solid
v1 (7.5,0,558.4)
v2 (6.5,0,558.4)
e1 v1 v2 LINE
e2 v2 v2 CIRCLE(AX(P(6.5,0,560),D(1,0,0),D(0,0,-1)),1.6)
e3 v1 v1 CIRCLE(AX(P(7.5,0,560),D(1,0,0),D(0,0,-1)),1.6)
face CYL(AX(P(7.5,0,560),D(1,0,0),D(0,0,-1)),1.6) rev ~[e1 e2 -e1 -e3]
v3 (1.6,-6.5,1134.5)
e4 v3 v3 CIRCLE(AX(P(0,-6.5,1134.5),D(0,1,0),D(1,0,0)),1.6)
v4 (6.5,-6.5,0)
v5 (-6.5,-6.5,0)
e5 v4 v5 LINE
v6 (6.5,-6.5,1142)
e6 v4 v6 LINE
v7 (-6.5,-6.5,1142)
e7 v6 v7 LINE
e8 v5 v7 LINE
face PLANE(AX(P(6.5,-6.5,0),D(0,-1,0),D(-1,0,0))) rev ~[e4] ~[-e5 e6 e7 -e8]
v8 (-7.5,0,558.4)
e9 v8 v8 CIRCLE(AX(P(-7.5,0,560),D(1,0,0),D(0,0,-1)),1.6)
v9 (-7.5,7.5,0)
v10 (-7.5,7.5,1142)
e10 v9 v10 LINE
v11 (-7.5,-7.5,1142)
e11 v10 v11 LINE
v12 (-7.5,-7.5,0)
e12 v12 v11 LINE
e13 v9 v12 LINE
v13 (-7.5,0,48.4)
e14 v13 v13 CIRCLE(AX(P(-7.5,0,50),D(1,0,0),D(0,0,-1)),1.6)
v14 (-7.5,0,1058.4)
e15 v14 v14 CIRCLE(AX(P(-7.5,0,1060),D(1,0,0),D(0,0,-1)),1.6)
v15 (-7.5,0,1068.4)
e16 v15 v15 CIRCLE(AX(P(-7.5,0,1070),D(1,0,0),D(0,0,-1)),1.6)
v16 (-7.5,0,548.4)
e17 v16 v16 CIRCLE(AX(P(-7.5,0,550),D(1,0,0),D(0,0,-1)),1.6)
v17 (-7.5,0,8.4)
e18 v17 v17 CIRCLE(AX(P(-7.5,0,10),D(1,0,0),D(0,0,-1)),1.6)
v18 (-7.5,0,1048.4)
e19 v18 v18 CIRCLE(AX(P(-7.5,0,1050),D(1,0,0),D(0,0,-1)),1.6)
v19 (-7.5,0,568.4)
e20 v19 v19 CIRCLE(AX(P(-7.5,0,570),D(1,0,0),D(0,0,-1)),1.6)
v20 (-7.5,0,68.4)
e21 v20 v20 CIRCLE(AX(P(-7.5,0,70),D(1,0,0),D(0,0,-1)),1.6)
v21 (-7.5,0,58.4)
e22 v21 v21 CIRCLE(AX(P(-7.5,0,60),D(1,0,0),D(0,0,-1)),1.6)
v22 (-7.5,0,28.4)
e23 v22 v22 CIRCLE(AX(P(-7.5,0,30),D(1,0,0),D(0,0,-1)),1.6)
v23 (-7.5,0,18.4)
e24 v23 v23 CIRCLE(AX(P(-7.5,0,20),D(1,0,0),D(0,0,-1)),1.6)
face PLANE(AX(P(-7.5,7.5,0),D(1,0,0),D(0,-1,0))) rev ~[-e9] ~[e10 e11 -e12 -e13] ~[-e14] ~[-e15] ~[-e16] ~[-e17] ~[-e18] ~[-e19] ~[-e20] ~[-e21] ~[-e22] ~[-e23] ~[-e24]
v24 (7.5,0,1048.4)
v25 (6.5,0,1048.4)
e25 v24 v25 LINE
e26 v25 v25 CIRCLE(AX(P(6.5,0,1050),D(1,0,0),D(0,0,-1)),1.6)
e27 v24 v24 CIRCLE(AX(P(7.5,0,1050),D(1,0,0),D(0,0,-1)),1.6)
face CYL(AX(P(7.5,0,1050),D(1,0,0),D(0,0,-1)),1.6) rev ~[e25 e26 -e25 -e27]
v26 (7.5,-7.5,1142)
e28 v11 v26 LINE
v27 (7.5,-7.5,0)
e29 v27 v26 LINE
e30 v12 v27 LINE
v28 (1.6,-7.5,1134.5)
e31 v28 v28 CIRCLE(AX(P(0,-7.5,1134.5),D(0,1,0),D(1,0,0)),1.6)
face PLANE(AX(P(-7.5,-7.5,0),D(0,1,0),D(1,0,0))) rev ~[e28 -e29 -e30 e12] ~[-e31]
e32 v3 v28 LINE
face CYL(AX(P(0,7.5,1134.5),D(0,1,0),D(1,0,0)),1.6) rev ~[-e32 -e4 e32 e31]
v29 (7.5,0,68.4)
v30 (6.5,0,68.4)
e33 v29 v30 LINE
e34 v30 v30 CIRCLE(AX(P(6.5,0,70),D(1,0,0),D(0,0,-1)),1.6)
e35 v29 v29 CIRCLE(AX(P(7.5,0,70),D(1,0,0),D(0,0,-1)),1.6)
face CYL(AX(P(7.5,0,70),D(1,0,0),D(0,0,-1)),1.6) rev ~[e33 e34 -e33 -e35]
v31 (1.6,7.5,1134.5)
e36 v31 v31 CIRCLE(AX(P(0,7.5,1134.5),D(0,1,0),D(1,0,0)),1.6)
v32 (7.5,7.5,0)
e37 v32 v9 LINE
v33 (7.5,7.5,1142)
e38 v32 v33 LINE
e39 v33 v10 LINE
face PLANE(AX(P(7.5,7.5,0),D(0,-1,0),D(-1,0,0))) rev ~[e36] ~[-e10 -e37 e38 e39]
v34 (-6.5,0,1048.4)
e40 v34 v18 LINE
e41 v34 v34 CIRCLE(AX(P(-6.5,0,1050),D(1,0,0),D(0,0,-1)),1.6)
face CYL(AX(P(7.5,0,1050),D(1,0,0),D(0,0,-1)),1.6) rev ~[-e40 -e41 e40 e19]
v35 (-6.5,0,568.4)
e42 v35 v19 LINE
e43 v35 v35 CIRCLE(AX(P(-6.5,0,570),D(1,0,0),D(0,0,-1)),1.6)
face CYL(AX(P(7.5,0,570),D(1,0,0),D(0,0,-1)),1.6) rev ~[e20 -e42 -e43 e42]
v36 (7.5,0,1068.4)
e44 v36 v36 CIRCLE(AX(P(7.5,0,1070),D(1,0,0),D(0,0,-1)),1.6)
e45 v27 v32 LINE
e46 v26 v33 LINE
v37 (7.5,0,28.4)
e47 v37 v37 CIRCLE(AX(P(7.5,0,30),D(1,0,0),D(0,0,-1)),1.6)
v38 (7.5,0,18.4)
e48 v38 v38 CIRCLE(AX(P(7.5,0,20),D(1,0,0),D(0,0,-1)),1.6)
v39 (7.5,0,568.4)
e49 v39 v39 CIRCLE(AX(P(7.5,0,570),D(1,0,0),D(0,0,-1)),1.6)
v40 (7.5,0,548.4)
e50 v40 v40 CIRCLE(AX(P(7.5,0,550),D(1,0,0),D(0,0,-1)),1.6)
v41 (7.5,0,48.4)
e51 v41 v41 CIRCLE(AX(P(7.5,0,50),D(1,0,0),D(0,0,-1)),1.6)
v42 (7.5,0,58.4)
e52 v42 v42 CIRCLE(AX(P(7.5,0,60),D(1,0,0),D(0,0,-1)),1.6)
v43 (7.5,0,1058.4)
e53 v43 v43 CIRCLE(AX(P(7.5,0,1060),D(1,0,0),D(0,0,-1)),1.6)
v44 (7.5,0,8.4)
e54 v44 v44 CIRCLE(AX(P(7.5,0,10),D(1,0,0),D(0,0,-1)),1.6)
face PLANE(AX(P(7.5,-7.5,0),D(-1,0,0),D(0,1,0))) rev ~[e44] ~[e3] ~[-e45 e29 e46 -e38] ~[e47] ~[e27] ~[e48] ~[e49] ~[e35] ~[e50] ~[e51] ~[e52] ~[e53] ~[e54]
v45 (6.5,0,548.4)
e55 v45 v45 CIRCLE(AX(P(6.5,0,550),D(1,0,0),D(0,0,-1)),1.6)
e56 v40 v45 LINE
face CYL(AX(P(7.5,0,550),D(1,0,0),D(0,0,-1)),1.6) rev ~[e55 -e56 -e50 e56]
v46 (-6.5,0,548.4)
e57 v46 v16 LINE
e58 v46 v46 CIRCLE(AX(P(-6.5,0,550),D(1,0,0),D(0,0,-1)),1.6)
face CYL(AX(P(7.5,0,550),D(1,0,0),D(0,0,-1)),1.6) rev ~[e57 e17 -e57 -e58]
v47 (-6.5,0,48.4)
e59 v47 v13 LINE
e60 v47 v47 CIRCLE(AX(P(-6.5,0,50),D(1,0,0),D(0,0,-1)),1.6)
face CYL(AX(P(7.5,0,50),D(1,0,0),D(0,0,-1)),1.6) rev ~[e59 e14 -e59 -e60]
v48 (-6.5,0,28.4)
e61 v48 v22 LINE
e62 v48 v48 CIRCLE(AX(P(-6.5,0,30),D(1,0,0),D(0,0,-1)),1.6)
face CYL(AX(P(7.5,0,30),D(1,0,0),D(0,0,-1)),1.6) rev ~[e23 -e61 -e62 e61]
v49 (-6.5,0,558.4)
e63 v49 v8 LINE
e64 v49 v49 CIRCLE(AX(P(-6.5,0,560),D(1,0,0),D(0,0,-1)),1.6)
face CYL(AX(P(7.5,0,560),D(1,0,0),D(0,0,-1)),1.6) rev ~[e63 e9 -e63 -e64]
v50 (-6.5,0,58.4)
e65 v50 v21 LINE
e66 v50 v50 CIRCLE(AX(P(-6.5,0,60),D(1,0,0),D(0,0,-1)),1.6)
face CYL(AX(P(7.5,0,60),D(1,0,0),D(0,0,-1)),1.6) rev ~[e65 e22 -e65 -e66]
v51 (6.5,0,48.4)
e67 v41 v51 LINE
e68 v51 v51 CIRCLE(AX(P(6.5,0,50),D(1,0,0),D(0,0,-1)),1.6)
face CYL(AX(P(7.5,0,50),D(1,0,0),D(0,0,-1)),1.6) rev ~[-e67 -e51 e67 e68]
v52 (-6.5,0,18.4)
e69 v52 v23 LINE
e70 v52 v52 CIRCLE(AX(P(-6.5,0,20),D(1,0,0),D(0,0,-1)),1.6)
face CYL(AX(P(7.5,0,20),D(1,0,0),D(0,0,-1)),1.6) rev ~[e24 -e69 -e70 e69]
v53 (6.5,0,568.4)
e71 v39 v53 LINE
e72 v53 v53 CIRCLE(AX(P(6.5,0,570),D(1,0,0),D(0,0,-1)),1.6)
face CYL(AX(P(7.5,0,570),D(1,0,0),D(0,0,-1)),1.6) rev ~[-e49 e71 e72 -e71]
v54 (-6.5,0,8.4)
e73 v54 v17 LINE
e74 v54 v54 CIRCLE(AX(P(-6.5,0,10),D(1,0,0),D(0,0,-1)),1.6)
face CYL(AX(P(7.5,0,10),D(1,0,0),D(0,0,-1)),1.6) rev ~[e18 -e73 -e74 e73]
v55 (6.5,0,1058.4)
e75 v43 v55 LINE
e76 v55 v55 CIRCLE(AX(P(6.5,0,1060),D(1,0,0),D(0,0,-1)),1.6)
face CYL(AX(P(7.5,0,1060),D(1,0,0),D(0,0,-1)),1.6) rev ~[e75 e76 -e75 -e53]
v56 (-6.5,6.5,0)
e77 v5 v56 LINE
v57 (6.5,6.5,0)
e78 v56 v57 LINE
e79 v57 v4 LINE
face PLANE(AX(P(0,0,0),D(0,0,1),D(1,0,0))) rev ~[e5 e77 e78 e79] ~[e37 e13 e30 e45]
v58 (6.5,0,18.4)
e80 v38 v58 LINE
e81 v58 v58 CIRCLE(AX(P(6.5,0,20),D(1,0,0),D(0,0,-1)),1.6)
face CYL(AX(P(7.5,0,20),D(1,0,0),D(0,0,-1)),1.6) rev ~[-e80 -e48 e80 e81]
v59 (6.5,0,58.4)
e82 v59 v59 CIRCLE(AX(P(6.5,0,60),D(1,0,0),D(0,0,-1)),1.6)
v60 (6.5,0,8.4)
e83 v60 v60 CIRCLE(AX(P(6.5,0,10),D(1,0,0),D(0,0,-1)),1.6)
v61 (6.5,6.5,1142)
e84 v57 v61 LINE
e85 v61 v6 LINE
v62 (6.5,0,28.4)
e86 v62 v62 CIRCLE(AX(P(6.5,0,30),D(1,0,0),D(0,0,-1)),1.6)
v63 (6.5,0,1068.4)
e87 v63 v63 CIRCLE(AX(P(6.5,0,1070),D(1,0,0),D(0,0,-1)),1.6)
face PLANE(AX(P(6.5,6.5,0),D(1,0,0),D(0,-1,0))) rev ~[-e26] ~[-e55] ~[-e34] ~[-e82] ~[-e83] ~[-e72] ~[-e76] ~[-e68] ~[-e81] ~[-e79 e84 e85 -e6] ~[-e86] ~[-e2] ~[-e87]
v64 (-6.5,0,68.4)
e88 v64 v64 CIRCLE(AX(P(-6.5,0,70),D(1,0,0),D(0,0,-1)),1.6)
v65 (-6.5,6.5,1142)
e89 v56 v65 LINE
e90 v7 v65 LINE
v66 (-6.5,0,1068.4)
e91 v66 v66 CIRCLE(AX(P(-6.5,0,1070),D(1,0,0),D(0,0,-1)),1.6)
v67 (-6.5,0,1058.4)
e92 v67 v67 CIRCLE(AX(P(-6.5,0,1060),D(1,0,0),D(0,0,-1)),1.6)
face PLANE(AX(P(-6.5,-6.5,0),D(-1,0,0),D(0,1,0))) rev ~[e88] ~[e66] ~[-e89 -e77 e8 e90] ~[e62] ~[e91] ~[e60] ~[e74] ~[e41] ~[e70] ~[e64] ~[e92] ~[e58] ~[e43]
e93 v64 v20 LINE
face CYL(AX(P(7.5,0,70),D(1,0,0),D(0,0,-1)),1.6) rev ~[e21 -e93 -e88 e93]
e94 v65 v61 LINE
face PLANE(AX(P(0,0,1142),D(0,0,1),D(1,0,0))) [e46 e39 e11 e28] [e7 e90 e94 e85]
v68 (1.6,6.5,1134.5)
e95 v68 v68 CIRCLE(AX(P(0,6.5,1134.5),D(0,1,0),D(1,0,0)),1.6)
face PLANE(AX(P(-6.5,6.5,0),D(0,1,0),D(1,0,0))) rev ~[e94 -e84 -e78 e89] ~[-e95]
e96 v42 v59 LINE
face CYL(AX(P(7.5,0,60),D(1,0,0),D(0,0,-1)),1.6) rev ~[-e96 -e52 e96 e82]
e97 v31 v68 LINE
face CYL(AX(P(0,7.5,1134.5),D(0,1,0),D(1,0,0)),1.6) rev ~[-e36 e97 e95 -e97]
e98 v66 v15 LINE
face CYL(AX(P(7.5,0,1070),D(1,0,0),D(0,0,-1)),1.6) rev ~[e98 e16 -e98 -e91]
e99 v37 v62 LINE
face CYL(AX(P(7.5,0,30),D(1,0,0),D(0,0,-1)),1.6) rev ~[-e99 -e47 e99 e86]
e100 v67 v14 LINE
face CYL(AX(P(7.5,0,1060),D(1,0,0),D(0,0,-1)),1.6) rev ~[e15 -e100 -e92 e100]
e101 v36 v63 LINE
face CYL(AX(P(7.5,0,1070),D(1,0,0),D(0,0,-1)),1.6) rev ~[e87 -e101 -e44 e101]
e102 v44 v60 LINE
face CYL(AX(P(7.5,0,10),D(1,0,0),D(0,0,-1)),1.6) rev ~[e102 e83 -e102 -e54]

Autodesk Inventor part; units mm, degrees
ref_plane "YZ Plane" through (0, 0, 0) normal (1, 0, 0) x (0, 1, 0)
ref_plane "XZ Plane" through (0, 0, 0) normal (0, 1, 0) x (-1, 0, 0)
ref_plane "XY Plane" through (0, 0, 0) normal (0, 0, 1) x (1, 0, 0)
sketch "スケッチ1" plane through (0, 0, 0) normal (0, 0, 1) x (1, 0, 0)
  line L0 (7.5, 7.5) -> (-7.5, 7.5)
  line L1 (-7.5, 7.5) -> (-7.5, -7.5)
  line L2 (-7.5, -7.5) -> (7.5, -7.5)
  line L3 (7.5, -7.5) -> (7.5, 7.5)
  line L4 (7.5, 7.5) -> (-7.5, -7.5) construction
  line L5 (-7.5, 7.5) -> (7.5, -7.5) construction
  line L6 (-6.5, 6.5) -> (6.5, 6.5)
  line L7 (6.5, 6.5) -> (6.5, -6.5)
  line L8 (6.5, -6.5) -> (-6.5, -6.5)
  line L9 (-6.5, -6.5) -> (-6.5, 6.5)
  point P0 (0, 0)
  dimension "d0" = 15
  dimension "d1" = 15
  dimension "d2" = 1
extrude "押し出し1" add sketch "スケッチ1" along normal blind 1142
sketch "スケッチ2" plane through (7.5, 7.5, 1142) normal (1, 0, 0) x (0, 0, -1)
  circle A0 centre (1132, -7.5) radius 1.6
  circle A1 centre (1122, -7.5) radius 1.6
  circle A2 centre (1112, -7.5) radius 1.6
  line L0 (1142, -15) -> (1142, 0) projected
  circle A3 centre (592, -7.5) radius 1.6
  circle A4 centre (582, -7.5) radius 1.6
  circle A5 centre (572, -7.5) radius 1.6
  circle A6 centre (1092, -7.5) radius 1.6
  circle A7 centre (1082, -7.5) radius 1.6
  circle A8 centre (1072, -7.5) radius 1.6
  circle A9 centre (92, -7.5) radius 1.6
  circle A10 centre (82, -7.5) radius 1.6
  circle A11 centre (72, -7.5) radius 1.6
  point P0 (1142, -7.5)
  point P1 (1142, -7.5)
  dimension "d5" = 3.2
  dimension "d6" = 3.2
  dimension "d7" = 3.2
  dimension "d8" = 10
  dimension "d9" = 10
  dimension "d10" = 10
  dimension "d11" = 3.2
  dimension "d12" = 3.2
  dimension "d13" = 3.2
  dimension "d14" = 10
  dimension "d15" = 10
  dimension "d25" = 3.2
  dimension "d26" = 3.2
  dimension "d27" = 3.2
  dimension "d28" = 10
  dimension "d29" = 10
  dimension "d30" = 20
  dimension "d31" = 500
  dimension "d32" = 3.2
  dimension "d33" = 3.2
  dimension "d34" = 3.2
  dimension "d35" = 10
  dimension "d36" = 10
  dimension "d37" = 500
extrude "押し出し2" cut sketch "スケッチ2" against normal through all
sketch "スケッチ3" plane through (-7.5, 7.5, 1142) normal (0, 1, 0) x (1, 0, 0)
  circle A0 centre (7.5, 7.5) radius 1.6
  line L0 (0, 1142) -> (0, 0) projected
  line L1 (15, 0) -> (0, 0) projected
  point P0 (7.5, 1142)
  dimension "d19" = 3.2
  dimension "d20" = 7.5
  dimension "d21" = 7.5
extrude "押し出し3" cut sketch "スケッチ3" against normal through all
properties part number "プレート保持_角柱1"
